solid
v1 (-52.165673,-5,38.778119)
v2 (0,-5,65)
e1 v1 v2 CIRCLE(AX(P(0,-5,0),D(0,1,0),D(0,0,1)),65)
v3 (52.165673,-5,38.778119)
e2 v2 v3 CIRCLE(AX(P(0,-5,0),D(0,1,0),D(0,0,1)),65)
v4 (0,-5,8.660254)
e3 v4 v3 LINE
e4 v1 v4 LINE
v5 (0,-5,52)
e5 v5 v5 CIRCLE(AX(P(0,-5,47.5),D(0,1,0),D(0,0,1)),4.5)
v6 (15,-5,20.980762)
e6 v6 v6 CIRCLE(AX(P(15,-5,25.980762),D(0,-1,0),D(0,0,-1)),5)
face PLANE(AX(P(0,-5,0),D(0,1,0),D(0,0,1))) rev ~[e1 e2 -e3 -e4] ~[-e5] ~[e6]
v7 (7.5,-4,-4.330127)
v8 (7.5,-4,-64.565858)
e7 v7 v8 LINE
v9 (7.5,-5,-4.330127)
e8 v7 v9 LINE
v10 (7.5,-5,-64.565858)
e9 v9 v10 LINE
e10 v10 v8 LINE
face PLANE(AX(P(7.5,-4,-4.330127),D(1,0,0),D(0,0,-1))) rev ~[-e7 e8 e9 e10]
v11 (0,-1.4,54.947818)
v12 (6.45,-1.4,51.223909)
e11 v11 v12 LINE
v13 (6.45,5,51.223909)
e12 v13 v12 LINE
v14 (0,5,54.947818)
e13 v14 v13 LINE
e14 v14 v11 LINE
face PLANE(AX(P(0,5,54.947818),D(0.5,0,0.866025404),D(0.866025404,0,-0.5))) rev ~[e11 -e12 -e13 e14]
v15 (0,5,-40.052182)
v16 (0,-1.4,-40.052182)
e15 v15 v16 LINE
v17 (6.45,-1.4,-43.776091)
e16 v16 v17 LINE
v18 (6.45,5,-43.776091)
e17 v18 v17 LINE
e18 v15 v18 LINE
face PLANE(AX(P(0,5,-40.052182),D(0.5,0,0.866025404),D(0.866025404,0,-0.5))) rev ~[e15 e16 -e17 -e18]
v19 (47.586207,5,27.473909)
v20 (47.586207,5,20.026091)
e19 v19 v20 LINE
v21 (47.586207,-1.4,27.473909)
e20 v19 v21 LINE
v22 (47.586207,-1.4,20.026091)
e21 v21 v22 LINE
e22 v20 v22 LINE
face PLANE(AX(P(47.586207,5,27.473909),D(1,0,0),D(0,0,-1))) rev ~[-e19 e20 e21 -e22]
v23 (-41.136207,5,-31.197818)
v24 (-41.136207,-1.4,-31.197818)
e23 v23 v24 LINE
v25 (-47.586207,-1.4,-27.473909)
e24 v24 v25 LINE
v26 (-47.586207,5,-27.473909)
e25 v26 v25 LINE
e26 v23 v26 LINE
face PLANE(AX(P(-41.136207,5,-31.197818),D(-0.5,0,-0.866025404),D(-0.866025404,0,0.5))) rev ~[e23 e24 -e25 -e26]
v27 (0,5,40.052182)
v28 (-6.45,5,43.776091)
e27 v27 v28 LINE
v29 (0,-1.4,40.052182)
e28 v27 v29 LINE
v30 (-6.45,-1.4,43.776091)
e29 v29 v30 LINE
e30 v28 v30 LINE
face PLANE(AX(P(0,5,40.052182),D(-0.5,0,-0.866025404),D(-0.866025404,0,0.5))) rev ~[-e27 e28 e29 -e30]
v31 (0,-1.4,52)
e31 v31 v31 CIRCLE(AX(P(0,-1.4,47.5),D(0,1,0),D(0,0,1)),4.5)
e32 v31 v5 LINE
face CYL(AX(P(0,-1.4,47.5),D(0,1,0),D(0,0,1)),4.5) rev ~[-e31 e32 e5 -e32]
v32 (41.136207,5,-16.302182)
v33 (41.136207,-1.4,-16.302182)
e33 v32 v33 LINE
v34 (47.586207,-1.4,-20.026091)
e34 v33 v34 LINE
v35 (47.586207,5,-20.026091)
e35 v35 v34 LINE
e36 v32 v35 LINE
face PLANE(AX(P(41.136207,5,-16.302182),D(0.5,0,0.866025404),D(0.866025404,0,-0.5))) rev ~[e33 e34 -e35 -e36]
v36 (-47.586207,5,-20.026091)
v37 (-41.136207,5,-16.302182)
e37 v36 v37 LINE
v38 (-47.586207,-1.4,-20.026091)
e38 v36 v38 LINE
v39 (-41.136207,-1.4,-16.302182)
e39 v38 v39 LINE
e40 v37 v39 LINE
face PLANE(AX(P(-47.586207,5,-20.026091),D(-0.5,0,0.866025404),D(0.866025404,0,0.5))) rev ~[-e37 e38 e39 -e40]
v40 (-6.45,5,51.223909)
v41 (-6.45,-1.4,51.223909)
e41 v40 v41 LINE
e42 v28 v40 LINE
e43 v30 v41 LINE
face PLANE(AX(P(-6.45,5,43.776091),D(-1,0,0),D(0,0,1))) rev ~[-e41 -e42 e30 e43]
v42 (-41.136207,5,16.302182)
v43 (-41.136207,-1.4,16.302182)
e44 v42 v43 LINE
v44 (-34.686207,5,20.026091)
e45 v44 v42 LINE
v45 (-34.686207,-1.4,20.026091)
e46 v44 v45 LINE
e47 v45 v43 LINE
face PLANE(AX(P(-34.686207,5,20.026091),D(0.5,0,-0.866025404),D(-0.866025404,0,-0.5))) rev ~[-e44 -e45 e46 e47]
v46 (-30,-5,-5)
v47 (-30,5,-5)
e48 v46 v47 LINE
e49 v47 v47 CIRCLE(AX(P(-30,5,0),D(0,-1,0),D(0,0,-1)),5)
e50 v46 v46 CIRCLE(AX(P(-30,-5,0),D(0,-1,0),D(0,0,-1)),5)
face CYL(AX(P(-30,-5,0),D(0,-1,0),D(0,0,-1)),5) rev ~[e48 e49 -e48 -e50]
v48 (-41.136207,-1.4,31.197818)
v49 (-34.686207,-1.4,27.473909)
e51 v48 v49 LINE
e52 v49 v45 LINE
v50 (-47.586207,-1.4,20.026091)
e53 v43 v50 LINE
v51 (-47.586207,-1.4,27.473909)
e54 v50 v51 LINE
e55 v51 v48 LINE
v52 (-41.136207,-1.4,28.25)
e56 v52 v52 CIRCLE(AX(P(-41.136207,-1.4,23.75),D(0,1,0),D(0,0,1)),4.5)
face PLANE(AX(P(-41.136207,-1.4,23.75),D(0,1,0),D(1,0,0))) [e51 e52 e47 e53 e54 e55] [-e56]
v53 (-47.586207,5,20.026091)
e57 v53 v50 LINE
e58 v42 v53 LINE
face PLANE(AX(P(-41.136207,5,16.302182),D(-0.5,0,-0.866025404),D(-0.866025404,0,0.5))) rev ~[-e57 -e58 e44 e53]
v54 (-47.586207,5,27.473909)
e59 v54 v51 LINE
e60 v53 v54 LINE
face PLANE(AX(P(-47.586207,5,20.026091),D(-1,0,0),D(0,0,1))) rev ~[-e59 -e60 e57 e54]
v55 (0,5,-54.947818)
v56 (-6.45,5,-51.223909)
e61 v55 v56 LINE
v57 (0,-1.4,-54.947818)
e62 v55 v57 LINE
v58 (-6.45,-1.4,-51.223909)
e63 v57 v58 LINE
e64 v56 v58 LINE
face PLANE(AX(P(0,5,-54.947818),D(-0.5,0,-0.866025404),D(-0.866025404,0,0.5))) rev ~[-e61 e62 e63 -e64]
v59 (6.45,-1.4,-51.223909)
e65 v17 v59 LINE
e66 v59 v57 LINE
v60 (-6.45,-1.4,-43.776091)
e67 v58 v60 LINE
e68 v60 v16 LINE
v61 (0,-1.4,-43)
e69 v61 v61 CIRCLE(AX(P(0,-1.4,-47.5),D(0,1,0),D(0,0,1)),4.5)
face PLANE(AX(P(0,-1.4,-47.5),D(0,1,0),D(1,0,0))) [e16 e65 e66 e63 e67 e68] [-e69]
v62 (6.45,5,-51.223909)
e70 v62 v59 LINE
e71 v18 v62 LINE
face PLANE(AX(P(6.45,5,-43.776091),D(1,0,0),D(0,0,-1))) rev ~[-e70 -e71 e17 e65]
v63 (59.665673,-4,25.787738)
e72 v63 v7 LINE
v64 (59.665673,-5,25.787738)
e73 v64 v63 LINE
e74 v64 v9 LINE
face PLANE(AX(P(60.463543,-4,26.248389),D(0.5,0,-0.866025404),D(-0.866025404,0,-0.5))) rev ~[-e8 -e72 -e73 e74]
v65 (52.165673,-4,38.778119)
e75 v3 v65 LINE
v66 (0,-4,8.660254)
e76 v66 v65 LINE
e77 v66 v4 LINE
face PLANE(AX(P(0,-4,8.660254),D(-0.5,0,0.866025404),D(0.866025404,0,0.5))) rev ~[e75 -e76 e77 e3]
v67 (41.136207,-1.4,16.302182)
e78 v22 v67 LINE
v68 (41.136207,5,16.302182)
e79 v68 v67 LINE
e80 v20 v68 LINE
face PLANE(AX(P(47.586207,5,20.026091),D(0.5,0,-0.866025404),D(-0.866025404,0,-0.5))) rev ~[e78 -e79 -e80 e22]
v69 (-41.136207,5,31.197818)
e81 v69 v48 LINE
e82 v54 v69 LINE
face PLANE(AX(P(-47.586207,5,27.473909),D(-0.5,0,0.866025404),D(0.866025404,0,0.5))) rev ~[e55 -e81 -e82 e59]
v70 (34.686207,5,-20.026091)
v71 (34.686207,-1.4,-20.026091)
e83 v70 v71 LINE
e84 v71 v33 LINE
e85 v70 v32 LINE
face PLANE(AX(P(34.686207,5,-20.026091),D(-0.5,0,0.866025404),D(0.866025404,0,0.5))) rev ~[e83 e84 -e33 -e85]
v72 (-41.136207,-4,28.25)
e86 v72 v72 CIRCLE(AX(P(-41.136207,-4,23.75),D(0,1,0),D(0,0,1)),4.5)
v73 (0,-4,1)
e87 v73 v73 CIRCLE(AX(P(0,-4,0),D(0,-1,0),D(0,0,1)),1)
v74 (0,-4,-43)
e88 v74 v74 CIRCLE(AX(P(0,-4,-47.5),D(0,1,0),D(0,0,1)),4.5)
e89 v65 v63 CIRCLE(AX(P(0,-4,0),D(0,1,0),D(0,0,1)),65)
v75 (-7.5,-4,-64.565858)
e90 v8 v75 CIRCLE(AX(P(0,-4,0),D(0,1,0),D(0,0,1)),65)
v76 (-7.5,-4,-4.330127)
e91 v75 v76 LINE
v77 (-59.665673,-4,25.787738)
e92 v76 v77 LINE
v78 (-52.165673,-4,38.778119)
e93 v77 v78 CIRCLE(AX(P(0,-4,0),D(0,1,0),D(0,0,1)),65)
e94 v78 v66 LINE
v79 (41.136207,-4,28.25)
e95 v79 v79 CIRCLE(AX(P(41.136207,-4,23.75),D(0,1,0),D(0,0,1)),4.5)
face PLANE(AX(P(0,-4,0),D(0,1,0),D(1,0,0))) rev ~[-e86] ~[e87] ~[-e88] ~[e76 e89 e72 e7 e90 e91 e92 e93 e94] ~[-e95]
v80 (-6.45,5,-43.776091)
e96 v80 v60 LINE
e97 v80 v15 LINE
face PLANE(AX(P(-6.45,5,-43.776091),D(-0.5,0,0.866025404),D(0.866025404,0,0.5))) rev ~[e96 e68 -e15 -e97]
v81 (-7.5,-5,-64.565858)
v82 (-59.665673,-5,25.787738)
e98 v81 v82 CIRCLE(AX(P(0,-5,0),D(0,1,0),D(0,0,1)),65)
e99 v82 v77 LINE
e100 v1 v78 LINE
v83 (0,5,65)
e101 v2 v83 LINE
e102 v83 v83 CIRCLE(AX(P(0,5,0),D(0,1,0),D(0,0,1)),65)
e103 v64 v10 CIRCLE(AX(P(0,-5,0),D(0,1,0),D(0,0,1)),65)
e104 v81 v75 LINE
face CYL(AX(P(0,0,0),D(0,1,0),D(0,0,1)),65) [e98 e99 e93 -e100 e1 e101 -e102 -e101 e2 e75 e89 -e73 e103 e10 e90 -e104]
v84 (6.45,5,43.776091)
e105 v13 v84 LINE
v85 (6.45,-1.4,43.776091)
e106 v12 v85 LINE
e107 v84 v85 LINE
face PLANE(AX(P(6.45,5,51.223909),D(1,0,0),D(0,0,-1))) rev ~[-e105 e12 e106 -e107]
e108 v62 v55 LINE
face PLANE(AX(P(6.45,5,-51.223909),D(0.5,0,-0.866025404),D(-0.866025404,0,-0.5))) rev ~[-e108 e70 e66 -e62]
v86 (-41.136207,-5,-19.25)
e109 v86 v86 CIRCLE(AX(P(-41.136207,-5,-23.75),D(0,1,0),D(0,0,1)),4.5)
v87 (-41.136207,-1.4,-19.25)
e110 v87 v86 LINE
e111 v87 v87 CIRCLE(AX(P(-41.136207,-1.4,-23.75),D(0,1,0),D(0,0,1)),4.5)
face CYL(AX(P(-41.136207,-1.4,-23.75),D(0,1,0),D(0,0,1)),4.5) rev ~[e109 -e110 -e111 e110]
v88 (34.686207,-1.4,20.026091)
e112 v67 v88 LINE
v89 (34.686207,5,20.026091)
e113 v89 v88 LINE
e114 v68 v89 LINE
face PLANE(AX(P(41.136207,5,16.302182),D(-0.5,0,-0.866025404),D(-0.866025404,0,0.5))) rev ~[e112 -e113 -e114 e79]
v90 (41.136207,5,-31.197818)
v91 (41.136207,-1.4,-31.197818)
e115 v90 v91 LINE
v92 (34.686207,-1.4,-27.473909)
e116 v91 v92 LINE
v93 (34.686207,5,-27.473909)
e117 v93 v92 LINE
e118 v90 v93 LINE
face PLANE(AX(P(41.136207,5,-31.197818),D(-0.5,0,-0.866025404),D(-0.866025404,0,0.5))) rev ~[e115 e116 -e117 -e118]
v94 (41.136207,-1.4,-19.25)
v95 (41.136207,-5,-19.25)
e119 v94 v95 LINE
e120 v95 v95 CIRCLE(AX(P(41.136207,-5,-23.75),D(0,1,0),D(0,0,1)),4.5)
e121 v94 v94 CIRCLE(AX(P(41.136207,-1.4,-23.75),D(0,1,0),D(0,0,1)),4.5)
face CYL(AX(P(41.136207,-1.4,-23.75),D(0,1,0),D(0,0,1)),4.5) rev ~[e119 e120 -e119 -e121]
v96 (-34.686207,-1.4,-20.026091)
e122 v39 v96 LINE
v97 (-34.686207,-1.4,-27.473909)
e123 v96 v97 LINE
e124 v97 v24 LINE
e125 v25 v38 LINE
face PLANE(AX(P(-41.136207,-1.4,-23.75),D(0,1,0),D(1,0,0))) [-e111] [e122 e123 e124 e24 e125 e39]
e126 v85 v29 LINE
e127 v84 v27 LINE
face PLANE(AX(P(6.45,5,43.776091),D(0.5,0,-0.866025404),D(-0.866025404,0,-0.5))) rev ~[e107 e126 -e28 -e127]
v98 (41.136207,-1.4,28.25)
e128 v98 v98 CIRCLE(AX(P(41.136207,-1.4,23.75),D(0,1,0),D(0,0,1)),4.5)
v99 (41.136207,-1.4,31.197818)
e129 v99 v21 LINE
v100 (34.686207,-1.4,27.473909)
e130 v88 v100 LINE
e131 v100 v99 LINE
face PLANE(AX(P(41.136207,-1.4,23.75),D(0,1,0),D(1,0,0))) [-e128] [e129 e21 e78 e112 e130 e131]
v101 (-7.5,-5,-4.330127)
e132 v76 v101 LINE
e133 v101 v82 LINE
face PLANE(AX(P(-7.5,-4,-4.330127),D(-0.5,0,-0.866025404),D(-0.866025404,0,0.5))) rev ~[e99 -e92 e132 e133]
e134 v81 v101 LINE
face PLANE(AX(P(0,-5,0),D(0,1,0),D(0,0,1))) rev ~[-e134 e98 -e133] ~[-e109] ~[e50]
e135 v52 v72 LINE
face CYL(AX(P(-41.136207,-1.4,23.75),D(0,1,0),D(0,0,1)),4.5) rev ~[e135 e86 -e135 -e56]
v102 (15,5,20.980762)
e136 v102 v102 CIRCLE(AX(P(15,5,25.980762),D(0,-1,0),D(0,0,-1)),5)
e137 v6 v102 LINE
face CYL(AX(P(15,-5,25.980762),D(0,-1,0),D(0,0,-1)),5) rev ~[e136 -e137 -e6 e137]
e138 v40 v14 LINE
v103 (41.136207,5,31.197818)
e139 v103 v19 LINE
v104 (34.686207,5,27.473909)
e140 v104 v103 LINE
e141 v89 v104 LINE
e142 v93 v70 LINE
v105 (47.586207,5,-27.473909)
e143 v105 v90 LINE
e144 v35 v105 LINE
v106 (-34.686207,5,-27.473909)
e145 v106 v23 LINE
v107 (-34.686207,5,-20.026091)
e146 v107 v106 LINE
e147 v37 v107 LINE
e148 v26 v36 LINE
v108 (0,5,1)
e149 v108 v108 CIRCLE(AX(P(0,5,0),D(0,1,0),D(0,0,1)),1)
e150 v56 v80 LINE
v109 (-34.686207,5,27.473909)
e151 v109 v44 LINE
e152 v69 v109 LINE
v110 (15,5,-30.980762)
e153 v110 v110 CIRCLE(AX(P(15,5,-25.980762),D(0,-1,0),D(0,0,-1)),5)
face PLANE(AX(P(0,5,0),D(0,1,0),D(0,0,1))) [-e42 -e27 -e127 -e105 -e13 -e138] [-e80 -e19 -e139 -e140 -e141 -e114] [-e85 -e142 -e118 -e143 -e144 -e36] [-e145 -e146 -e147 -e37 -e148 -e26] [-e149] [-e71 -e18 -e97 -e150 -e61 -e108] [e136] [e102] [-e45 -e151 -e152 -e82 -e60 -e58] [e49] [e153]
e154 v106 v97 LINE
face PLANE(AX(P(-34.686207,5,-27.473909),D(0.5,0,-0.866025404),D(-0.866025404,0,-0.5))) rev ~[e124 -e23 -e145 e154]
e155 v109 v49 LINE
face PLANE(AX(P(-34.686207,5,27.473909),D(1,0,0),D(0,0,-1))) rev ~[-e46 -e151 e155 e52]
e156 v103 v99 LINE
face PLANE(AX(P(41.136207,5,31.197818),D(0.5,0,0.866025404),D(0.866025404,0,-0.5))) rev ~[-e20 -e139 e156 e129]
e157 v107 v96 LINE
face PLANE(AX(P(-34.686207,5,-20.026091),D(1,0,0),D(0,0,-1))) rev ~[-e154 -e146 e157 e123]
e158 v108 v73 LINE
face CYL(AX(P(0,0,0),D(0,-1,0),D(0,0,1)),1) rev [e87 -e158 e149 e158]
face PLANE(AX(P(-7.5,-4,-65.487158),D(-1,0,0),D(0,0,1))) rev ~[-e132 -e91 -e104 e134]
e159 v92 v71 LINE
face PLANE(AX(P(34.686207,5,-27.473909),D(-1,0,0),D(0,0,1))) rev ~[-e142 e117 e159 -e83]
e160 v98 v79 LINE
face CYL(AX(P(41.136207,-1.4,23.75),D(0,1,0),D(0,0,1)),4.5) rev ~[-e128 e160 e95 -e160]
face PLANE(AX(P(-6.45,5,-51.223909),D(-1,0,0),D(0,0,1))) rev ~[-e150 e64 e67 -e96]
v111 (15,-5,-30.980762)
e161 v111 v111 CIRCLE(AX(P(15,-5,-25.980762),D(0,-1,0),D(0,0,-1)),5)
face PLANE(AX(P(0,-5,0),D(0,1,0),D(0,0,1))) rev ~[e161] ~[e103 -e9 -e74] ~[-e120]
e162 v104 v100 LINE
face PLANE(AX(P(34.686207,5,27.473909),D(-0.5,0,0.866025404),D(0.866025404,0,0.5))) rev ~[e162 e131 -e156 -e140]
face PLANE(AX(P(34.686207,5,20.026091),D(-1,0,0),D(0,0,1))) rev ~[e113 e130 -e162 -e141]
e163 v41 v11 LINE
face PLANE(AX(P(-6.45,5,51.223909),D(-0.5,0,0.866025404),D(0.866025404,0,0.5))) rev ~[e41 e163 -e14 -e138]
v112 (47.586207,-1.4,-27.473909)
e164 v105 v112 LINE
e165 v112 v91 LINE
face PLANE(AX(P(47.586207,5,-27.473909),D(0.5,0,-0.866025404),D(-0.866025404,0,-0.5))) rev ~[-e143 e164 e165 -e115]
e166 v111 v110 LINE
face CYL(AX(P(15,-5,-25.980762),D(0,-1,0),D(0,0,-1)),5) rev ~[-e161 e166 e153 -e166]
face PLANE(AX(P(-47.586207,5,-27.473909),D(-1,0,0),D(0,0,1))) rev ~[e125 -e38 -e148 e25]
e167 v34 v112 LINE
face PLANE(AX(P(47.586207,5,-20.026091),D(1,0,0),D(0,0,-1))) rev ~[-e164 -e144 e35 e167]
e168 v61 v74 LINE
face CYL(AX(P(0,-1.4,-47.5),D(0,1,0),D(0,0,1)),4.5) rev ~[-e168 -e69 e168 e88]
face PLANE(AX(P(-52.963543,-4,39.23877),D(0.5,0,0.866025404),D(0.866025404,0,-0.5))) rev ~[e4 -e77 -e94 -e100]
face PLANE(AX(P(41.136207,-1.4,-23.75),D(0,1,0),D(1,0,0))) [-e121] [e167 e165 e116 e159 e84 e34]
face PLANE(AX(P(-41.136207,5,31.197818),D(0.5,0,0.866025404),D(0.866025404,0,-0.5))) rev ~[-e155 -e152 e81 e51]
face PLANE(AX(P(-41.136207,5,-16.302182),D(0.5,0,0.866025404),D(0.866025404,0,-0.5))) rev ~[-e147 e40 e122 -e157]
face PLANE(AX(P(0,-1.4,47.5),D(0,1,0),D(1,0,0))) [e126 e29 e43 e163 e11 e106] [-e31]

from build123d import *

# Parameters (mm, degrees)
SKETCH1_R           = 65
SKETCH1_R_2         = 1
BOSS_EXTRUDE1_DEPTH = 5
CUT_EXTRUDE1_DEPTH  = 6.4
SKETCH4_R           = 4.5
CUT_EXTRUDE2_DEPTH  = 93.146405247
CUT_EXTRUDE3_START  = -9
CUT_EXTRUDE3_DEPTH  = 3
SKETCH6_R           = 5
CUT_EXTRUDE4_DEPTH  = 93.466210045


with BuildPart() as part:
    # Sketch1 → Boss-Extrude1 (new, symmetric)
    with BuildSketch(Plane(origin=(0, 0, 0), x_dir=(1, 0, 0), z_dir=(0, 1, 0))):
        with Locations(Location((0, 0, 0), (0, 0, 270))):
            Circle(SKETCH1_R)
        with Locations(Location((0, 0, 0), (0, 0, 270))):
            Circle(SKETCH1_R_2, mode=Mode.SUBTRACT)
    extrude(amount=BOSS_EXTRUDE1_DEPTH, both=True)

    # Sketch3 → Cut-Extrude1 (cut)
    with BuildSketch(Plane(origin=(0, 5, 0), x_dir=(1, 0, 0), z_dir=(0, 1, 0))):
        Polygon((34.68620668, 20.026090764), (41.13620668, 16.302181527), (47.58620668, 20.026090764), (47.58620668, 27.473909236), (41.13620668, 31.197818473), (34.68620668, 27.473909236), align=None)
        Polygon((0, 40.052181527), (6.45, 43.776090764), (6.45, 51.223909236), (0, 54.947818473), (-6.45, 51.223909236), (-6.45, 43.776090764), align=None)
        Polygon((34.68620668, -20.026090764), (34.68620668, -27.473909236), (41.13620668, -31.197818473), (47.58620668, -27.473909236), (47.58620668, -20.026090764), (41.13620668, -16.302181527), align=None)
        Polygon((0, -40.052181527), (-6.45, -43.776090764), (-6.45, -51.223909236), (0, -54.947818473), (6.45, -51.223909236), (6.45, -43.776090764), align=None)
        Polygon((-34.68620668, -20.026090764), (-41.13620668, -16.302181527), (-47.58620668, -20.026090764), (-47.58620668, -27.473909236), (-41.13620668, -31.197818473), (-34.68620668, -27.473909236), align=None)
        Polygon((-34.68620668, 20.026090764), (-34.68620668, 27.473909236), (-41.13620668, 31.197818473), (-47.58620668, 27.473909236), (-47.58620668, 20.026090764), (-41.13620668, 16.302181527), align=None)
    extrude(amount=-CUT_EXTRUDE1_DEPTH, mode=Mode.SUBTRACT)

    # Sketch4 → Cut-Extrude2 (cut, through all)
    with BuildSketch(Plane(origin=(0, -1.4, 0), x_dir=(1, 0, 0), z_dir=(0, 1, 0))):
        with Locations(Location((0, 47.5, 0), (0, 0, 270))):
            Circle(SKETCH4_R)
        with Locations(Location((41.13620668, 23.75, 0), (0, 0, 270))):
            Circle(SKETCH4_R)
        with Locations(Location((41.13620668, -23.75, 0), (0, 0, 270))):
            Circle(SKETCH4_R)
        with Locations(Location((0, -47.5, 0), (0, 0, 270))):
            Circle(SKETCH4_R)
        with Locations(Location((-41.13620668, -23.75, 0), (0, 0, 270))):
            Circle(SKETCH4_R)
        with Locations(Location((-41.13620668, 23.75, 0), (0, 0, 270))):
            Circle(SKETCH4_R)
    extrude(amount=-CUT_EXTRUDE2_DEPTH, mode=Mode.SUBTRACT)

    # Sketch5 → Cut-Extrude3 (cut)
    with BuildSketch(Plane(origin=(0, 5, 0), x_dir=(1, 0, 0), z_dir=(0, 1, 0)).offset(CUT_EXTRUDE3_START)):
        Polygon((60.463542815, -26.248388682), (7.5, 4.330127019), (7.5, 65.487158421), (-7.5, 65.487158421), (-7.5, 4.330127019), (-60.463542815, -26.248388682), (-52.963542815, -39.238769739), (0, -8.660254038), (52.963542815, -39.238769739), align=None)
    extrude(amount=-CUT_EXTRUDE3_DEPTH, mode=Mode.SUBTRACT)

    # Sketch6 → Cut-Extrude4 (cut, through all)
    with BuildSketch(Plane.XZ.offset(5)):
        with Locations(Location((-30, 0, 0), (0, 0, 270))):
            Circle(SKETCH6_R)
        with Locations(Location((15, 25.980762114, 0), (0, 0, 270))):
            Circle(SKETCH6_R)
        with Locations(Location((15, -25.980762114, 0), (0, 0, 270))):
            Circle(SKETCH6_R)
    extrude(amount=-CUT_EXTRUDE4_DEPTH, mode=Mode.SUBTRACT)


solid = part.part
